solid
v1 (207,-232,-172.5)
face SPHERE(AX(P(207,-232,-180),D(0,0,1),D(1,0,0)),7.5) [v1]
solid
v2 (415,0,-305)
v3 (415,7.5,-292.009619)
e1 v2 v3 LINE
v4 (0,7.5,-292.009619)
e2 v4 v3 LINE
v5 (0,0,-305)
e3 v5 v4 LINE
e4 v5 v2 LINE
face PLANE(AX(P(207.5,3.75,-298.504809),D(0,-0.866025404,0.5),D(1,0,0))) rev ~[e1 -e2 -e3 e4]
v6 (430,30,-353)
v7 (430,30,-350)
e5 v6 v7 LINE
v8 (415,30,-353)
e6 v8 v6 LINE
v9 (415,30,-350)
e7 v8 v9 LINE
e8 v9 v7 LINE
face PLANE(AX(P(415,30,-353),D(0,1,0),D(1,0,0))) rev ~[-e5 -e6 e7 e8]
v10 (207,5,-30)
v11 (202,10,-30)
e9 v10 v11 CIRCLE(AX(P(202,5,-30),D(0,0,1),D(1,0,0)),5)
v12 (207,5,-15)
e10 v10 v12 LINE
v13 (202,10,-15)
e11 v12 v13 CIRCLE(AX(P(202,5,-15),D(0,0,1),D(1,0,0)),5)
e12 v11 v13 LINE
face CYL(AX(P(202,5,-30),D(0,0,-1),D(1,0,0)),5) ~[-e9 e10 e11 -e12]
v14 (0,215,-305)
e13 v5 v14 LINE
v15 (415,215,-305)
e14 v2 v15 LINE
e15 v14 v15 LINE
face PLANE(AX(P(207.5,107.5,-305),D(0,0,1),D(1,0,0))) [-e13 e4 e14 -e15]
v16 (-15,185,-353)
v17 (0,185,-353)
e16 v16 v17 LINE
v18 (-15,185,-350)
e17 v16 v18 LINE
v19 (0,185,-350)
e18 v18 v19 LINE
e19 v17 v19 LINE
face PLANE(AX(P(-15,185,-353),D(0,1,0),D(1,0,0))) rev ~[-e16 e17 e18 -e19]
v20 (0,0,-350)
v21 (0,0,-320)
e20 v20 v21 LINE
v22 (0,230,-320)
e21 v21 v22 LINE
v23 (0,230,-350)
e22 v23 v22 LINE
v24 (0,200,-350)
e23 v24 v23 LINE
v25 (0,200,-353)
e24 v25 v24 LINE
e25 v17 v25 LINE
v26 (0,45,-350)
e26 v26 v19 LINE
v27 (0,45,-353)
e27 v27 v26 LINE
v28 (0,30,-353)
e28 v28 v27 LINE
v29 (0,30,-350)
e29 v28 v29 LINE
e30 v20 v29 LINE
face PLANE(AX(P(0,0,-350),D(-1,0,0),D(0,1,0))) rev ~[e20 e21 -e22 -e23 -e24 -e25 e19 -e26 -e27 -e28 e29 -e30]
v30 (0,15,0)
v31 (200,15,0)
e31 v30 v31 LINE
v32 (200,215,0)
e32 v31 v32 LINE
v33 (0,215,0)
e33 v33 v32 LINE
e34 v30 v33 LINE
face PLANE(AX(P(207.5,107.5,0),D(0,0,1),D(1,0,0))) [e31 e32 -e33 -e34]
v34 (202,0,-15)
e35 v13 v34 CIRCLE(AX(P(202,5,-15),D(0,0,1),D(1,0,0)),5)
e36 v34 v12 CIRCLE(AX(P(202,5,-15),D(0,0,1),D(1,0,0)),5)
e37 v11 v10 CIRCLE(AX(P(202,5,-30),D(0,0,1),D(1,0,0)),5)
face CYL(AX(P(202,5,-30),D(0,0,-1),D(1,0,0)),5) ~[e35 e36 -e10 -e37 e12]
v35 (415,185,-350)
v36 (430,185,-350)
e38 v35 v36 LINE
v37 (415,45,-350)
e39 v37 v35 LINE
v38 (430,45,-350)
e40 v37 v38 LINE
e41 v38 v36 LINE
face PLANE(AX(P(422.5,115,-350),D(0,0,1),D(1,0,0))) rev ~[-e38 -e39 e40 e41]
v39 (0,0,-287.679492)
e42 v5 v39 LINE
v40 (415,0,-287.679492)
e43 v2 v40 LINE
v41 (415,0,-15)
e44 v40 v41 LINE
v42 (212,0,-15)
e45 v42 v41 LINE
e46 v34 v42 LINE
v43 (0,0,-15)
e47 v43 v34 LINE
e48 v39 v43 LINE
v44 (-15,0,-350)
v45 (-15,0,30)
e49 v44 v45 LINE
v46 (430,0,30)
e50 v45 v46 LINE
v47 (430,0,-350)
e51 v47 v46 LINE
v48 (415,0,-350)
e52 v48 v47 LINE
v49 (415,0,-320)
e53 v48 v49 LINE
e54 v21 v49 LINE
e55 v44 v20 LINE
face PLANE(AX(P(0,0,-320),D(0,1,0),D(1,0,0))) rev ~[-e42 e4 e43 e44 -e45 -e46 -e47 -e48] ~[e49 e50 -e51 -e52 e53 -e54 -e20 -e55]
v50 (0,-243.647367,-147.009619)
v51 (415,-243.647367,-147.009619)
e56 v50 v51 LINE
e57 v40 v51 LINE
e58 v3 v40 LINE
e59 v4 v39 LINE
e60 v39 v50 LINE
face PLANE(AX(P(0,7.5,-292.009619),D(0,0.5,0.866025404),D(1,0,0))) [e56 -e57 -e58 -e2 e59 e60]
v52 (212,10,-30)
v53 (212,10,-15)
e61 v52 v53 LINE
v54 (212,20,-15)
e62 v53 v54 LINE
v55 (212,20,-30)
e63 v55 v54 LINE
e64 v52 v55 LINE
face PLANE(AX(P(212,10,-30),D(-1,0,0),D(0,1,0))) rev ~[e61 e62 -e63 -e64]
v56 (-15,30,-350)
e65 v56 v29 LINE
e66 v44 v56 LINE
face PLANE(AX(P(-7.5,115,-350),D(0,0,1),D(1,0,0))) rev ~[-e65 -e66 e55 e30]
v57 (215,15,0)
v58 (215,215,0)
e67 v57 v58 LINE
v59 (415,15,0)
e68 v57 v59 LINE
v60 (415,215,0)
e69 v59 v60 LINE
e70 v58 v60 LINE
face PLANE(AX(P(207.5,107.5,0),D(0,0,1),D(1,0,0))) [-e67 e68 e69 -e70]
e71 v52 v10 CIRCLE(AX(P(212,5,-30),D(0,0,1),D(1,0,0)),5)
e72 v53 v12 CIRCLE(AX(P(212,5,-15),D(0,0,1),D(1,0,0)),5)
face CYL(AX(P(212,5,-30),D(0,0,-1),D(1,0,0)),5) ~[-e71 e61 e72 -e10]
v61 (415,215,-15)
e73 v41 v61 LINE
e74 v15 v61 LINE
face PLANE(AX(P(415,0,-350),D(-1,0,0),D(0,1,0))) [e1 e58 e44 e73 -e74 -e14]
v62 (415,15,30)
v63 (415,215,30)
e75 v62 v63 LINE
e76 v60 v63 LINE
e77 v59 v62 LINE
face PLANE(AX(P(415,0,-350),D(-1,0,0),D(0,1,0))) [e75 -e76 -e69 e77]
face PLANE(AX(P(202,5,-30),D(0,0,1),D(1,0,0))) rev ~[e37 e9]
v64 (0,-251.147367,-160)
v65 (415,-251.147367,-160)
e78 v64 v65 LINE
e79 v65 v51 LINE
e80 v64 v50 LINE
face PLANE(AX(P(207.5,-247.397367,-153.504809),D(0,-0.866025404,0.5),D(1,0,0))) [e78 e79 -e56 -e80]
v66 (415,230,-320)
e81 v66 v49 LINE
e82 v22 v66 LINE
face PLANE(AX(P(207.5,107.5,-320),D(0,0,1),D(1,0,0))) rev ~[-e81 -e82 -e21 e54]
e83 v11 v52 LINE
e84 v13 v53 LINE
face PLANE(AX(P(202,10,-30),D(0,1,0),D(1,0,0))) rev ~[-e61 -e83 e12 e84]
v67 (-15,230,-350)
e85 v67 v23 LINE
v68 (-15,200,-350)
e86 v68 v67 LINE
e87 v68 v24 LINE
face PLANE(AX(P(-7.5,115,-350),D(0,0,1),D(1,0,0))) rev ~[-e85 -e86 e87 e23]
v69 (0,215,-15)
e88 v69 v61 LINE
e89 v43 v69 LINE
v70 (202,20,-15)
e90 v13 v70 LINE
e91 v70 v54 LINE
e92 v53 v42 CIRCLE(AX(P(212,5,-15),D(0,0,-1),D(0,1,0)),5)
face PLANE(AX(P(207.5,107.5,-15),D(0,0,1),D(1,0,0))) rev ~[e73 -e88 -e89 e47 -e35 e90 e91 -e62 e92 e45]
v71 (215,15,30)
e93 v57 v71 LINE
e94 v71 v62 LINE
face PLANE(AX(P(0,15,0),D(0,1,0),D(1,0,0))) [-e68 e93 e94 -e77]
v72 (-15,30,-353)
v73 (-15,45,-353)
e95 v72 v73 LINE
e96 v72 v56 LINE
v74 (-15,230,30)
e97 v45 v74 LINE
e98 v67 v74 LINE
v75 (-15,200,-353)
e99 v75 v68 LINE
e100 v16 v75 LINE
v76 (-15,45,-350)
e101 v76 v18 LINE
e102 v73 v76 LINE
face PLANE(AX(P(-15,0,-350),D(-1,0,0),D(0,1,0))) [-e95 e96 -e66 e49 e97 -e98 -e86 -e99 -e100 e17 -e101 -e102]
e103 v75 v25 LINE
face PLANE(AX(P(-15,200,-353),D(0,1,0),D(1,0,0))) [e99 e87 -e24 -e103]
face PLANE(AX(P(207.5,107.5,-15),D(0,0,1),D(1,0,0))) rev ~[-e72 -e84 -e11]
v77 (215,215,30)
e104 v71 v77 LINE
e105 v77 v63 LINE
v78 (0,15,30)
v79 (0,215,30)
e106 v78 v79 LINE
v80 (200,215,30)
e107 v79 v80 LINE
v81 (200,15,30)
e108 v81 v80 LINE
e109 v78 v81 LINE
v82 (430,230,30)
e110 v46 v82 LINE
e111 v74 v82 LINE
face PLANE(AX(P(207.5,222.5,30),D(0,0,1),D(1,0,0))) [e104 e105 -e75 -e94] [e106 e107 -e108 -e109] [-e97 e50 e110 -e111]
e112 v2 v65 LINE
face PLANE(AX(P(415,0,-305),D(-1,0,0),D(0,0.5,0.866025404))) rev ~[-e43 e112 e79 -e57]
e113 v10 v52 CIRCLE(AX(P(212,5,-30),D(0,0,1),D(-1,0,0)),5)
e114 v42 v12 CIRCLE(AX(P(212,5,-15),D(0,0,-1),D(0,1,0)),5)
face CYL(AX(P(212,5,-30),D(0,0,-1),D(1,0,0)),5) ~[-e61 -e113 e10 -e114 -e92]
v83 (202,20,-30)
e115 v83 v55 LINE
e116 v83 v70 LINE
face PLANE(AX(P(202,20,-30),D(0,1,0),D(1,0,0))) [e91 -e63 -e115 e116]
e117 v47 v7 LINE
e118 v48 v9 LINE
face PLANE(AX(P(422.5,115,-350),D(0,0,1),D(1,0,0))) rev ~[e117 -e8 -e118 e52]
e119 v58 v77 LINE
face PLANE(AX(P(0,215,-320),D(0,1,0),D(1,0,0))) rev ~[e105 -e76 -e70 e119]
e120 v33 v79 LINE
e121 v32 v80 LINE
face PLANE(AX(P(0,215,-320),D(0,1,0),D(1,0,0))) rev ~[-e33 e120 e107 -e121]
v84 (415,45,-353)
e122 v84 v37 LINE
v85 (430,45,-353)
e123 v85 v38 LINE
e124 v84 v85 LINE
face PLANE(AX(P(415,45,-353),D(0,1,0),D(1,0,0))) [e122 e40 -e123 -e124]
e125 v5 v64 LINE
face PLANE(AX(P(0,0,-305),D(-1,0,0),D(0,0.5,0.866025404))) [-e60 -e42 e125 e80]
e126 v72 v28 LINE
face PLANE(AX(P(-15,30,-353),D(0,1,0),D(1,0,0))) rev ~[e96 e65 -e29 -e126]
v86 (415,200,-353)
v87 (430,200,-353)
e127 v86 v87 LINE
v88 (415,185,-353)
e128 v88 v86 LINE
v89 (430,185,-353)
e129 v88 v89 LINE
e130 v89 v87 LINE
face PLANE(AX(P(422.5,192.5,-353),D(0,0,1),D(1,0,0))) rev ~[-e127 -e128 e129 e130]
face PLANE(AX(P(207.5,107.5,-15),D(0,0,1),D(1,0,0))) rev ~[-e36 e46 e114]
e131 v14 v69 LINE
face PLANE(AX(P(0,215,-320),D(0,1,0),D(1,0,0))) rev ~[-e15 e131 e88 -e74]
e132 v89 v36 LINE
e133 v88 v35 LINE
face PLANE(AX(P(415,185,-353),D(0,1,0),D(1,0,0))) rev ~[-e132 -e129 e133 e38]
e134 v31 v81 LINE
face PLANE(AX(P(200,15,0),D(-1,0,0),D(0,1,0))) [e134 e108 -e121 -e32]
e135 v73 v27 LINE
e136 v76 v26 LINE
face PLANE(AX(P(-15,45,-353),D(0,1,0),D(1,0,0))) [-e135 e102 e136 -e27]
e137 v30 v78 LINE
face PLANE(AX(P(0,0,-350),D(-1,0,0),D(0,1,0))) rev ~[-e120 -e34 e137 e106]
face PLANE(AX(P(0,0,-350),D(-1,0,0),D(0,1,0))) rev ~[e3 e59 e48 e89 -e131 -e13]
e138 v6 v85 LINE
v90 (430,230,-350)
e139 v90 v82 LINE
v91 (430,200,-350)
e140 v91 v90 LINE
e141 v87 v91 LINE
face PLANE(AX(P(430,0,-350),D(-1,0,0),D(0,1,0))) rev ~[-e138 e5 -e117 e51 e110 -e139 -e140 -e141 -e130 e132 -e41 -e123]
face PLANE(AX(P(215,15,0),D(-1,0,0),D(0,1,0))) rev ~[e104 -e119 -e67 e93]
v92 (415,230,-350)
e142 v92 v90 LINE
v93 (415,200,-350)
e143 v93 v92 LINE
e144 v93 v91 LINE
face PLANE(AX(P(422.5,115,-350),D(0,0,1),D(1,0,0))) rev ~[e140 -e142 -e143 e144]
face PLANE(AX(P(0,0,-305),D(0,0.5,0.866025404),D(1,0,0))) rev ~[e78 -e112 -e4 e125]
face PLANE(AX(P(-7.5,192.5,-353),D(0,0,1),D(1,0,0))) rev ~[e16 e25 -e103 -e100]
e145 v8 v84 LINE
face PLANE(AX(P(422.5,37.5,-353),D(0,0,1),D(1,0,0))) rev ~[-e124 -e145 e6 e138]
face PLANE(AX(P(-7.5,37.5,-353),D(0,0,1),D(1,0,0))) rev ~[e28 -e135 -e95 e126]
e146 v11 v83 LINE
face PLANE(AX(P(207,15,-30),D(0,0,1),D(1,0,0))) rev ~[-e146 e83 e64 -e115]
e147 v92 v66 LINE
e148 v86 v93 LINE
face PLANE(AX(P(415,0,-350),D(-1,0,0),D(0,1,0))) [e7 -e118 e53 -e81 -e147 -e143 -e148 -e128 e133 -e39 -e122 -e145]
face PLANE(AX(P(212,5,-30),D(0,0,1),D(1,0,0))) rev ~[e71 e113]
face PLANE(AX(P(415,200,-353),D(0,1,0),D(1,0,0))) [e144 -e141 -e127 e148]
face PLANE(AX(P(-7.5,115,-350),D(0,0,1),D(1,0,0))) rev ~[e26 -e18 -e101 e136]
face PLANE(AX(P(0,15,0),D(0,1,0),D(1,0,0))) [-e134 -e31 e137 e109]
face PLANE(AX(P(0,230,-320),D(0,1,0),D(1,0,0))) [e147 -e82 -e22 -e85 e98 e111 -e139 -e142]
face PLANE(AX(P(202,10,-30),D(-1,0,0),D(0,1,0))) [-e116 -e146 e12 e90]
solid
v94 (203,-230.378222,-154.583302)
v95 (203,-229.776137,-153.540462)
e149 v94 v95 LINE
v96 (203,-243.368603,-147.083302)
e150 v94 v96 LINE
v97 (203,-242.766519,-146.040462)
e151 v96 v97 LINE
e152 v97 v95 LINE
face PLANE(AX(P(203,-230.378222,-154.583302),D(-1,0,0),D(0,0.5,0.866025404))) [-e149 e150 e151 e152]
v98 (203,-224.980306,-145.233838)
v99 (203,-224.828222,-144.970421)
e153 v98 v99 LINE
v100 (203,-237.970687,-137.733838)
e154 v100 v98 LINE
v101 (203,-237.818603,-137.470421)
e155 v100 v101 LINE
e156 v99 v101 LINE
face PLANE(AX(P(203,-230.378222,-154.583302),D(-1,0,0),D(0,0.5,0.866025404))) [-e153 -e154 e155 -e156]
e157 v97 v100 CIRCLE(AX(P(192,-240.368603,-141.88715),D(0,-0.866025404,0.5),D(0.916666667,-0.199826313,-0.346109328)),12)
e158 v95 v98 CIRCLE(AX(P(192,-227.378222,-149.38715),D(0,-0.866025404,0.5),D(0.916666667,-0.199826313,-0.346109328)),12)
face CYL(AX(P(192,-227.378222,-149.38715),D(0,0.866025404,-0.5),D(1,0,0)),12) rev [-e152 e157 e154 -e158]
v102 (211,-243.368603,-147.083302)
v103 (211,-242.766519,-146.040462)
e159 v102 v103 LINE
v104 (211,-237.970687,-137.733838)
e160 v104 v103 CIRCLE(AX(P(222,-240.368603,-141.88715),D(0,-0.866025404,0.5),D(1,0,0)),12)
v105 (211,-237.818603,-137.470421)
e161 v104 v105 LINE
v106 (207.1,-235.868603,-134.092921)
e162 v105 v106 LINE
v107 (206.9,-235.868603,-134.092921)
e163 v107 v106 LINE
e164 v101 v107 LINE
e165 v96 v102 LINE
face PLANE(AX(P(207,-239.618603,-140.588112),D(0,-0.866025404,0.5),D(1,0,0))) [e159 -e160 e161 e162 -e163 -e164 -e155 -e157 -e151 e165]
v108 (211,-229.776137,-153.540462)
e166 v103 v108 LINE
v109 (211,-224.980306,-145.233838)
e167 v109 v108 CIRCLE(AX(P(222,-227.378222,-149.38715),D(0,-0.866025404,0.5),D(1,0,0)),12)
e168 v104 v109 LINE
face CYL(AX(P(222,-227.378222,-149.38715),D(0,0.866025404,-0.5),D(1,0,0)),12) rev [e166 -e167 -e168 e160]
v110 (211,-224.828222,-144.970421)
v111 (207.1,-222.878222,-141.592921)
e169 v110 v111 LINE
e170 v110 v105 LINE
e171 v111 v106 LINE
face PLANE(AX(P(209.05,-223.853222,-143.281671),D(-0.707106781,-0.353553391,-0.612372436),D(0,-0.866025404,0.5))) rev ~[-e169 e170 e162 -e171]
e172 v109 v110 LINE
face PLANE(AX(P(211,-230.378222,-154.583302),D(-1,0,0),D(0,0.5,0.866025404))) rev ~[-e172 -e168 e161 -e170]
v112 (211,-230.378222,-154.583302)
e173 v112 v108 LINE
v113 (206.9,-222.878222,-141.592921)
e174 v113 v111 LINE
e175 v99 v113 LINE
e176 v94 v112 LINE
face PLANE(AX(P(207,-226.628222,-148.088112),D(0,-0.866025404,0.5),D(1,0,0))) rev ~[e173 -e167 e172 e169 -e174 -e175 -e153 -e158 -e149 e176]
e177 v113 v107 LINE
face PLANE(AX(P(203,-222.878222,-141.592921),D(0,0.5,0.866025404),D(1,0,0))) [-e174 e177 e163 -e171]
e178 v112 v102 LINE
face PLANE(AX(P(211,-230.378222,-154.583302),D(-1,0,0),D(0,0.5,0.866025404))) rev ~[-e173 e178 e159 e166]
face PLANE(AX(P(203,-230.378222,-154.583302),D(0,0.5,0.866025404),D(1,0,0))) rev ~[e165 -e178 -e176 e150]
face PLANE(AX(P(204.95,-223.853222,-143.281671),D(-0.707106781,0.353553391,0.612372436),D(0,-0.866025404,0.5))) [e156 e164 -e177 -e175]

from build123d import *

# Parameters (mm, degrees)
BOX001_W          = 15
BOX001_H          = 230
BOX001_DEPTH      = 380
BOX002_W          = 15
BOX002_H          = 230
BOX002_DEPTH      = 380
BOX003_W          = 415
BOX003_H          = 215
BOX003_DEPTH      = 15
BOX004_W          = 415
BOX004_H          = 15
BOX004_DEPTH      = 350
BOX005_W          = 15
BOX005_H          = 200
BOX005_DEPTH      = 30
BOX006_W          = 415
BOX006_H          = 215
BOX006_DEPTH      = 15
BOX007_W          = 15
BOX007_H          = 15
BOX007_DEPTH      = 3
BOX008_W          = 15
BOX008_H          = 15
BOX008_DEPTH      = 3
BOX009_W          = 15
BOX009_H          = 15
BOX009_DEPTH      = 3
BOX010_W          = 15
BOX010_H          = 15
BOX010_DEPTH      = 3
BOX011_W          = 415
BOX011_H          = 15
BOX011_DEPTH      = 290
BOX011_ROLL_ANGLE = 60
CYLINDER001_R     = 5
CYLINDER001_DEPTH = 15
BOX012_W          = 10
BOX012_H          = 10
BOX012_DEPTH      = 15
CYLINDER_R        = 5
CYLINDER_DEPTH    = 15
CYLINDER003_R     = 12
CYLINDER003_DEPTH = 15
CYLINDER002_R     = 12
CYLINDER002_DEPTH = 15
BOX013_W          = 8
BOX013_H          = 15
BOX013_DEPTH      = 15
CHAMFER_SIZE      = 3.9
CUT001_ROLL_ANGLE = 60
BOX_W             = 415
BOX_H             = 15
BOX_DEPTH         = 30


with BuildPart() as suportelateralverticalesquerdo:
    # Box001 → Box001 (new body)
    with BuildSketch(Plane(origin=(-15, 0, -350), x_dir=(1, 0, 0), z_dir=(0, 0, 1))):
        with Locations((7.5, 115)):
            Rectangle(BOX001_W, BOX001_H)
    extrude(amount=BOX001_DEPTH)


with BuildPart() as suportelateralverticaldireito:
    # Box002 → Box002 (new body)
    with BuildSketch(Plane(origin=(415, 0, -350), x_dir=(1, 0, 0), z_dir=(0, 0, 1))):
        with Locations((7.5, 115)):
            Rectangle(BOX002_W, BOX002_H)
    extrude(amount=BOX002_DEPTH)


with BuildPart() as tamposuperiorhorizontal:
    # Box003 → Box003 (new body)
    with BuildSketch(Plane.XY.offset(-15)):
        with Locations((207.5, 107.5)):
            Rectangle(BOX003_W, BOX003_H)
    extrude(amount=BOX003_DEPTH)


with BuildPart() as suportefundovertical:
    # Box004 → Box004 (new body)
    with BuildSketch(Plane(origin=(0, 215, -320), x_dir=(1, 0, 0), z_dir=(0, 0, 1))):
        with Locations((207.5, 7.5)):
            Rectangle(BOX004_W, BOX004_H)
    extrude(amount=BOX004_DEPTH)


with BuildPart() as suporteverticalmeio:
    # Box005 → Box005 (new body)
    with BuildSketch(Plane(origin=(200, 15, 0), x_dir=(1, 0, 0), z_dir=(0, 0, 1))):
        with Locations((7.5, 100)):
            Rectangle(BOX005_W, BOX005_H)
    extrude(amount=BOX005_DEPTH)


with BuildPart() as tampoinferiorhorizontal:
    # Box006 → Box006 (new body)
    with BuildSketch(Plane.XY.offset(-320)):
        with Locations((207.5, 107.5)):
            Rectangle(BOX006_W, BOX006_H)
    extrude(amount=BOX006_DEPTH)


with BuildPart() as cube:
    # Box007 → Box007 (new body)
    with BuildSketch(Plane(origin=(-15, 30, -353), x_dir=(1, 0, 0), z_dir=(0, 0, 1))):
        with Locations((7.5, 7.5)):
            Rectangle(BOX007_W, BOX007_H)
    extrude(amount=BOX007_DEPTH)


with BuildPart() as cube001:
    # Box008 → Box008 (new body)
    with BuildSketch(Plane(origin=(-15, 185, -353), x_dir=(1, 0, 0), z_dir=(0, 0, 1))):
        with Locations((7.5, 7.5)):
            Rectangle(BOX008_W, BOX008_H)
    extrude(amount=BOX008_DEPTH)


with BuildPart() as cube002:
    # Box009 → Box009 (new body)
    with BuildSketch(Plane(origin=(415, 30, -353), x_dir=(1, 0, 0), z_dir=(0, 0, 1))):
        with Locations((7.5, 7.5)):
            Rectangle(BOX009_W, BOX009_H)
    extrude(amount=BOX009_DEPTH)


with BuildPart() as cube003:
    # Box010 → Box010 (new body)
    with BuildSketch(Plane(origin=(415, 185, -353), x_dir=(1, 0, 0), z_dir=(0, 0, 1))):
        with Locations((7.5, 7.5)):
            Rectangle(BOX010_W, BOX010_H)
    extrude(amount=BOX010_DEPTH)


with BuildPart() as tampabasculante:
    # Box011 → Box011 (new body)
    with BuildSketch(Plane.XY):
        with Locations((207.5, 7.5)):
            Rectangle(BOX011_W, BOX011_H)
    extrude(amount=BOX011_DEPTH)


with BuildPart() as tampabasculante_1:
    # Box011 roll: moved
    add(tampabasculante.part.rotate(Axis((0, 0, 0), (1, 0, 0)), BOX011_ROLL_ANGLE))


with BuildPart() as tampabasculante_2:
    # Box011 placement: moved
    add(tampabasculante_1.part.moved(Location((0, 0, -305))))


with BuildPart() as puxador:
    # Sphere → Sphere (revolve)
    with BuildSketch(Plane(origin=(207, -232, -180), x_dir=(1, 0, 0), z_dir=(0, -1, 0))):
        with BuildLine():
            ThreePointArc((0, -7.5), (7.5, 0), (0, 7.5))
            Line((0, 7.5), (0, -7.5))
        make_face()
    revolve(axis=Axis((207, -232, -180), (0, 0, 1)))


with BuildPart() as cylinder001:
    # Cylinder001 → Cylinder001 (new body)
    with BuildSketch(Plane(origin=(-90, 0, 0), x_dir=(1, 0, 0), z_dir=(0, 0, 1))):
        Circle(CYLINDER001_R)
    extrude(amount=CYLINDER001_DEPTH)


with BuildPart() as cube004:
    # Box012 → Box012 (new body)
    with BuildSketch(Plane(origin=(-100, 5, 0), x_dir=(1, 0, 0), z_dir=(0, 0, 1))):
        with Locations((5, 5)):
            Rectangle(BOX012_W, BOX012_H)
    extrude(amount=BOX012_DEPTH)


with BuildPart() as fusion:
    # Cylinder → Cylinder (new body)
    with BuildSketch(Plane(origin=(-100, 0, 0), x_dir=(1, 0, 0), z_dir=(0, 0, 1))):
        Circle(CYLINDER_R)
    extrude(amount=CYLINDER_DEPTH)

    # Fusion: union Cylinder001, Cube004
    add(cylinder001.part)
    add(cube004.part)


with BuildPart() as fusion_1:
    # Fusion placement: moved
    add(fusion.part.moved(Location((302, 5, -30))))


with BuildPart() as cylinder003:
    # Cylinder003 → Cylinder003 (new body)
    with BuildSketch(Plane(origin=(182, -124, -70), x_dir=(1, 0, 0), z_dir=(0, 0, 1))):
        Circle(CYLINDER003_R)
    extrude(amount=CYLINDER003_DEPTH)


with BuildPart() as cylinder002:
    # Cylinder002 → Cylinder002 (new body)
    with BuildSketch(Plane(origin=(212, -124, -70), x_dir=(1, 0, 0), z_dir=(0, 0, 1))):
        Circle(CYLINDER002_R)
    extrude(amount=CYLINDER002_DEPTH)


with BuildPart() as cut001:
    # Box013 → Box013 (new body)
    with BuildSketch(Plane(origin=(193, -130, -70), x_dir=(1, 0, 0), z_dir=(0, 0, 1))):
        with Locations((4, 7.5)):
            Rectangle(BOX013_W, BOX013_H)
    extrude(amount=BOX013_DEPTH)

    # Chamfer
    chamfer_edges = [cut001.edges().sort_by_distance(p)[0] for p in [
        (193, -115, -62.5),
        (201, -115, -62.5),
    ]]
    chamfer(chamfer_edges, length=CHAMFER_SIZE)

    # Cut: cut Cylinder002
    add(cylinder002.part, mode=Mode.SUBTRACT)

    # Cut001: cut Cylinder003
    add(cylinder003.part, mode=Mode.SUBTRACT)


with BuildPart() as cut001_1:
    # Cut001 roll: moved
    add(cut001.part.rotate(Axis((0, 0, 0), (1, 0, 0)), CUT001_ROLL_ANGLE))


with BuildPart() as cut001_2:
    # Cut001 placement: moved
    add(cut001_1.part.moved(Location((10, -226, -7))))


with BuildPart() as fusion001:
    # Box → Box (new body)
    with BuildSketch(Plane.XY):
        with Locations((207.5, 7.5)):
            Rectangle(BOX_W, BOX_H)
    extrude(amount=BOX_DEPTH)

    # Fusion001: union SuporteLateralVerticalEsquerdo, SuporteLateralVerticalDireito, TampoSuperiorHorizontal, SuporteFundoVertical, SuporteVerticalMeio, TampoInferiorHorizontal, Cube, Cube001, Cube002, Cube003, TampaBasculante, Puxador, Fusion, Cut001
    add(suportelateralverticalesquerdo.part)
    add(suportelateralverticaldireito.part)
    add(tamposuperiorhorizontal.part)
    add(suportefundovertical.part)
    add(suporteverticalmeio.part)
    add(tampoinferiorhorizontal.part)
    add(cube.part)
    add(cube001.part)
    add(cube002.part)
    add(cube003.part)
    add(tampabasculante_2.part)
    add(puxador.part)
    add(fusion_1.part)
    add(cut001_2.part)


solid = fusion001.part
